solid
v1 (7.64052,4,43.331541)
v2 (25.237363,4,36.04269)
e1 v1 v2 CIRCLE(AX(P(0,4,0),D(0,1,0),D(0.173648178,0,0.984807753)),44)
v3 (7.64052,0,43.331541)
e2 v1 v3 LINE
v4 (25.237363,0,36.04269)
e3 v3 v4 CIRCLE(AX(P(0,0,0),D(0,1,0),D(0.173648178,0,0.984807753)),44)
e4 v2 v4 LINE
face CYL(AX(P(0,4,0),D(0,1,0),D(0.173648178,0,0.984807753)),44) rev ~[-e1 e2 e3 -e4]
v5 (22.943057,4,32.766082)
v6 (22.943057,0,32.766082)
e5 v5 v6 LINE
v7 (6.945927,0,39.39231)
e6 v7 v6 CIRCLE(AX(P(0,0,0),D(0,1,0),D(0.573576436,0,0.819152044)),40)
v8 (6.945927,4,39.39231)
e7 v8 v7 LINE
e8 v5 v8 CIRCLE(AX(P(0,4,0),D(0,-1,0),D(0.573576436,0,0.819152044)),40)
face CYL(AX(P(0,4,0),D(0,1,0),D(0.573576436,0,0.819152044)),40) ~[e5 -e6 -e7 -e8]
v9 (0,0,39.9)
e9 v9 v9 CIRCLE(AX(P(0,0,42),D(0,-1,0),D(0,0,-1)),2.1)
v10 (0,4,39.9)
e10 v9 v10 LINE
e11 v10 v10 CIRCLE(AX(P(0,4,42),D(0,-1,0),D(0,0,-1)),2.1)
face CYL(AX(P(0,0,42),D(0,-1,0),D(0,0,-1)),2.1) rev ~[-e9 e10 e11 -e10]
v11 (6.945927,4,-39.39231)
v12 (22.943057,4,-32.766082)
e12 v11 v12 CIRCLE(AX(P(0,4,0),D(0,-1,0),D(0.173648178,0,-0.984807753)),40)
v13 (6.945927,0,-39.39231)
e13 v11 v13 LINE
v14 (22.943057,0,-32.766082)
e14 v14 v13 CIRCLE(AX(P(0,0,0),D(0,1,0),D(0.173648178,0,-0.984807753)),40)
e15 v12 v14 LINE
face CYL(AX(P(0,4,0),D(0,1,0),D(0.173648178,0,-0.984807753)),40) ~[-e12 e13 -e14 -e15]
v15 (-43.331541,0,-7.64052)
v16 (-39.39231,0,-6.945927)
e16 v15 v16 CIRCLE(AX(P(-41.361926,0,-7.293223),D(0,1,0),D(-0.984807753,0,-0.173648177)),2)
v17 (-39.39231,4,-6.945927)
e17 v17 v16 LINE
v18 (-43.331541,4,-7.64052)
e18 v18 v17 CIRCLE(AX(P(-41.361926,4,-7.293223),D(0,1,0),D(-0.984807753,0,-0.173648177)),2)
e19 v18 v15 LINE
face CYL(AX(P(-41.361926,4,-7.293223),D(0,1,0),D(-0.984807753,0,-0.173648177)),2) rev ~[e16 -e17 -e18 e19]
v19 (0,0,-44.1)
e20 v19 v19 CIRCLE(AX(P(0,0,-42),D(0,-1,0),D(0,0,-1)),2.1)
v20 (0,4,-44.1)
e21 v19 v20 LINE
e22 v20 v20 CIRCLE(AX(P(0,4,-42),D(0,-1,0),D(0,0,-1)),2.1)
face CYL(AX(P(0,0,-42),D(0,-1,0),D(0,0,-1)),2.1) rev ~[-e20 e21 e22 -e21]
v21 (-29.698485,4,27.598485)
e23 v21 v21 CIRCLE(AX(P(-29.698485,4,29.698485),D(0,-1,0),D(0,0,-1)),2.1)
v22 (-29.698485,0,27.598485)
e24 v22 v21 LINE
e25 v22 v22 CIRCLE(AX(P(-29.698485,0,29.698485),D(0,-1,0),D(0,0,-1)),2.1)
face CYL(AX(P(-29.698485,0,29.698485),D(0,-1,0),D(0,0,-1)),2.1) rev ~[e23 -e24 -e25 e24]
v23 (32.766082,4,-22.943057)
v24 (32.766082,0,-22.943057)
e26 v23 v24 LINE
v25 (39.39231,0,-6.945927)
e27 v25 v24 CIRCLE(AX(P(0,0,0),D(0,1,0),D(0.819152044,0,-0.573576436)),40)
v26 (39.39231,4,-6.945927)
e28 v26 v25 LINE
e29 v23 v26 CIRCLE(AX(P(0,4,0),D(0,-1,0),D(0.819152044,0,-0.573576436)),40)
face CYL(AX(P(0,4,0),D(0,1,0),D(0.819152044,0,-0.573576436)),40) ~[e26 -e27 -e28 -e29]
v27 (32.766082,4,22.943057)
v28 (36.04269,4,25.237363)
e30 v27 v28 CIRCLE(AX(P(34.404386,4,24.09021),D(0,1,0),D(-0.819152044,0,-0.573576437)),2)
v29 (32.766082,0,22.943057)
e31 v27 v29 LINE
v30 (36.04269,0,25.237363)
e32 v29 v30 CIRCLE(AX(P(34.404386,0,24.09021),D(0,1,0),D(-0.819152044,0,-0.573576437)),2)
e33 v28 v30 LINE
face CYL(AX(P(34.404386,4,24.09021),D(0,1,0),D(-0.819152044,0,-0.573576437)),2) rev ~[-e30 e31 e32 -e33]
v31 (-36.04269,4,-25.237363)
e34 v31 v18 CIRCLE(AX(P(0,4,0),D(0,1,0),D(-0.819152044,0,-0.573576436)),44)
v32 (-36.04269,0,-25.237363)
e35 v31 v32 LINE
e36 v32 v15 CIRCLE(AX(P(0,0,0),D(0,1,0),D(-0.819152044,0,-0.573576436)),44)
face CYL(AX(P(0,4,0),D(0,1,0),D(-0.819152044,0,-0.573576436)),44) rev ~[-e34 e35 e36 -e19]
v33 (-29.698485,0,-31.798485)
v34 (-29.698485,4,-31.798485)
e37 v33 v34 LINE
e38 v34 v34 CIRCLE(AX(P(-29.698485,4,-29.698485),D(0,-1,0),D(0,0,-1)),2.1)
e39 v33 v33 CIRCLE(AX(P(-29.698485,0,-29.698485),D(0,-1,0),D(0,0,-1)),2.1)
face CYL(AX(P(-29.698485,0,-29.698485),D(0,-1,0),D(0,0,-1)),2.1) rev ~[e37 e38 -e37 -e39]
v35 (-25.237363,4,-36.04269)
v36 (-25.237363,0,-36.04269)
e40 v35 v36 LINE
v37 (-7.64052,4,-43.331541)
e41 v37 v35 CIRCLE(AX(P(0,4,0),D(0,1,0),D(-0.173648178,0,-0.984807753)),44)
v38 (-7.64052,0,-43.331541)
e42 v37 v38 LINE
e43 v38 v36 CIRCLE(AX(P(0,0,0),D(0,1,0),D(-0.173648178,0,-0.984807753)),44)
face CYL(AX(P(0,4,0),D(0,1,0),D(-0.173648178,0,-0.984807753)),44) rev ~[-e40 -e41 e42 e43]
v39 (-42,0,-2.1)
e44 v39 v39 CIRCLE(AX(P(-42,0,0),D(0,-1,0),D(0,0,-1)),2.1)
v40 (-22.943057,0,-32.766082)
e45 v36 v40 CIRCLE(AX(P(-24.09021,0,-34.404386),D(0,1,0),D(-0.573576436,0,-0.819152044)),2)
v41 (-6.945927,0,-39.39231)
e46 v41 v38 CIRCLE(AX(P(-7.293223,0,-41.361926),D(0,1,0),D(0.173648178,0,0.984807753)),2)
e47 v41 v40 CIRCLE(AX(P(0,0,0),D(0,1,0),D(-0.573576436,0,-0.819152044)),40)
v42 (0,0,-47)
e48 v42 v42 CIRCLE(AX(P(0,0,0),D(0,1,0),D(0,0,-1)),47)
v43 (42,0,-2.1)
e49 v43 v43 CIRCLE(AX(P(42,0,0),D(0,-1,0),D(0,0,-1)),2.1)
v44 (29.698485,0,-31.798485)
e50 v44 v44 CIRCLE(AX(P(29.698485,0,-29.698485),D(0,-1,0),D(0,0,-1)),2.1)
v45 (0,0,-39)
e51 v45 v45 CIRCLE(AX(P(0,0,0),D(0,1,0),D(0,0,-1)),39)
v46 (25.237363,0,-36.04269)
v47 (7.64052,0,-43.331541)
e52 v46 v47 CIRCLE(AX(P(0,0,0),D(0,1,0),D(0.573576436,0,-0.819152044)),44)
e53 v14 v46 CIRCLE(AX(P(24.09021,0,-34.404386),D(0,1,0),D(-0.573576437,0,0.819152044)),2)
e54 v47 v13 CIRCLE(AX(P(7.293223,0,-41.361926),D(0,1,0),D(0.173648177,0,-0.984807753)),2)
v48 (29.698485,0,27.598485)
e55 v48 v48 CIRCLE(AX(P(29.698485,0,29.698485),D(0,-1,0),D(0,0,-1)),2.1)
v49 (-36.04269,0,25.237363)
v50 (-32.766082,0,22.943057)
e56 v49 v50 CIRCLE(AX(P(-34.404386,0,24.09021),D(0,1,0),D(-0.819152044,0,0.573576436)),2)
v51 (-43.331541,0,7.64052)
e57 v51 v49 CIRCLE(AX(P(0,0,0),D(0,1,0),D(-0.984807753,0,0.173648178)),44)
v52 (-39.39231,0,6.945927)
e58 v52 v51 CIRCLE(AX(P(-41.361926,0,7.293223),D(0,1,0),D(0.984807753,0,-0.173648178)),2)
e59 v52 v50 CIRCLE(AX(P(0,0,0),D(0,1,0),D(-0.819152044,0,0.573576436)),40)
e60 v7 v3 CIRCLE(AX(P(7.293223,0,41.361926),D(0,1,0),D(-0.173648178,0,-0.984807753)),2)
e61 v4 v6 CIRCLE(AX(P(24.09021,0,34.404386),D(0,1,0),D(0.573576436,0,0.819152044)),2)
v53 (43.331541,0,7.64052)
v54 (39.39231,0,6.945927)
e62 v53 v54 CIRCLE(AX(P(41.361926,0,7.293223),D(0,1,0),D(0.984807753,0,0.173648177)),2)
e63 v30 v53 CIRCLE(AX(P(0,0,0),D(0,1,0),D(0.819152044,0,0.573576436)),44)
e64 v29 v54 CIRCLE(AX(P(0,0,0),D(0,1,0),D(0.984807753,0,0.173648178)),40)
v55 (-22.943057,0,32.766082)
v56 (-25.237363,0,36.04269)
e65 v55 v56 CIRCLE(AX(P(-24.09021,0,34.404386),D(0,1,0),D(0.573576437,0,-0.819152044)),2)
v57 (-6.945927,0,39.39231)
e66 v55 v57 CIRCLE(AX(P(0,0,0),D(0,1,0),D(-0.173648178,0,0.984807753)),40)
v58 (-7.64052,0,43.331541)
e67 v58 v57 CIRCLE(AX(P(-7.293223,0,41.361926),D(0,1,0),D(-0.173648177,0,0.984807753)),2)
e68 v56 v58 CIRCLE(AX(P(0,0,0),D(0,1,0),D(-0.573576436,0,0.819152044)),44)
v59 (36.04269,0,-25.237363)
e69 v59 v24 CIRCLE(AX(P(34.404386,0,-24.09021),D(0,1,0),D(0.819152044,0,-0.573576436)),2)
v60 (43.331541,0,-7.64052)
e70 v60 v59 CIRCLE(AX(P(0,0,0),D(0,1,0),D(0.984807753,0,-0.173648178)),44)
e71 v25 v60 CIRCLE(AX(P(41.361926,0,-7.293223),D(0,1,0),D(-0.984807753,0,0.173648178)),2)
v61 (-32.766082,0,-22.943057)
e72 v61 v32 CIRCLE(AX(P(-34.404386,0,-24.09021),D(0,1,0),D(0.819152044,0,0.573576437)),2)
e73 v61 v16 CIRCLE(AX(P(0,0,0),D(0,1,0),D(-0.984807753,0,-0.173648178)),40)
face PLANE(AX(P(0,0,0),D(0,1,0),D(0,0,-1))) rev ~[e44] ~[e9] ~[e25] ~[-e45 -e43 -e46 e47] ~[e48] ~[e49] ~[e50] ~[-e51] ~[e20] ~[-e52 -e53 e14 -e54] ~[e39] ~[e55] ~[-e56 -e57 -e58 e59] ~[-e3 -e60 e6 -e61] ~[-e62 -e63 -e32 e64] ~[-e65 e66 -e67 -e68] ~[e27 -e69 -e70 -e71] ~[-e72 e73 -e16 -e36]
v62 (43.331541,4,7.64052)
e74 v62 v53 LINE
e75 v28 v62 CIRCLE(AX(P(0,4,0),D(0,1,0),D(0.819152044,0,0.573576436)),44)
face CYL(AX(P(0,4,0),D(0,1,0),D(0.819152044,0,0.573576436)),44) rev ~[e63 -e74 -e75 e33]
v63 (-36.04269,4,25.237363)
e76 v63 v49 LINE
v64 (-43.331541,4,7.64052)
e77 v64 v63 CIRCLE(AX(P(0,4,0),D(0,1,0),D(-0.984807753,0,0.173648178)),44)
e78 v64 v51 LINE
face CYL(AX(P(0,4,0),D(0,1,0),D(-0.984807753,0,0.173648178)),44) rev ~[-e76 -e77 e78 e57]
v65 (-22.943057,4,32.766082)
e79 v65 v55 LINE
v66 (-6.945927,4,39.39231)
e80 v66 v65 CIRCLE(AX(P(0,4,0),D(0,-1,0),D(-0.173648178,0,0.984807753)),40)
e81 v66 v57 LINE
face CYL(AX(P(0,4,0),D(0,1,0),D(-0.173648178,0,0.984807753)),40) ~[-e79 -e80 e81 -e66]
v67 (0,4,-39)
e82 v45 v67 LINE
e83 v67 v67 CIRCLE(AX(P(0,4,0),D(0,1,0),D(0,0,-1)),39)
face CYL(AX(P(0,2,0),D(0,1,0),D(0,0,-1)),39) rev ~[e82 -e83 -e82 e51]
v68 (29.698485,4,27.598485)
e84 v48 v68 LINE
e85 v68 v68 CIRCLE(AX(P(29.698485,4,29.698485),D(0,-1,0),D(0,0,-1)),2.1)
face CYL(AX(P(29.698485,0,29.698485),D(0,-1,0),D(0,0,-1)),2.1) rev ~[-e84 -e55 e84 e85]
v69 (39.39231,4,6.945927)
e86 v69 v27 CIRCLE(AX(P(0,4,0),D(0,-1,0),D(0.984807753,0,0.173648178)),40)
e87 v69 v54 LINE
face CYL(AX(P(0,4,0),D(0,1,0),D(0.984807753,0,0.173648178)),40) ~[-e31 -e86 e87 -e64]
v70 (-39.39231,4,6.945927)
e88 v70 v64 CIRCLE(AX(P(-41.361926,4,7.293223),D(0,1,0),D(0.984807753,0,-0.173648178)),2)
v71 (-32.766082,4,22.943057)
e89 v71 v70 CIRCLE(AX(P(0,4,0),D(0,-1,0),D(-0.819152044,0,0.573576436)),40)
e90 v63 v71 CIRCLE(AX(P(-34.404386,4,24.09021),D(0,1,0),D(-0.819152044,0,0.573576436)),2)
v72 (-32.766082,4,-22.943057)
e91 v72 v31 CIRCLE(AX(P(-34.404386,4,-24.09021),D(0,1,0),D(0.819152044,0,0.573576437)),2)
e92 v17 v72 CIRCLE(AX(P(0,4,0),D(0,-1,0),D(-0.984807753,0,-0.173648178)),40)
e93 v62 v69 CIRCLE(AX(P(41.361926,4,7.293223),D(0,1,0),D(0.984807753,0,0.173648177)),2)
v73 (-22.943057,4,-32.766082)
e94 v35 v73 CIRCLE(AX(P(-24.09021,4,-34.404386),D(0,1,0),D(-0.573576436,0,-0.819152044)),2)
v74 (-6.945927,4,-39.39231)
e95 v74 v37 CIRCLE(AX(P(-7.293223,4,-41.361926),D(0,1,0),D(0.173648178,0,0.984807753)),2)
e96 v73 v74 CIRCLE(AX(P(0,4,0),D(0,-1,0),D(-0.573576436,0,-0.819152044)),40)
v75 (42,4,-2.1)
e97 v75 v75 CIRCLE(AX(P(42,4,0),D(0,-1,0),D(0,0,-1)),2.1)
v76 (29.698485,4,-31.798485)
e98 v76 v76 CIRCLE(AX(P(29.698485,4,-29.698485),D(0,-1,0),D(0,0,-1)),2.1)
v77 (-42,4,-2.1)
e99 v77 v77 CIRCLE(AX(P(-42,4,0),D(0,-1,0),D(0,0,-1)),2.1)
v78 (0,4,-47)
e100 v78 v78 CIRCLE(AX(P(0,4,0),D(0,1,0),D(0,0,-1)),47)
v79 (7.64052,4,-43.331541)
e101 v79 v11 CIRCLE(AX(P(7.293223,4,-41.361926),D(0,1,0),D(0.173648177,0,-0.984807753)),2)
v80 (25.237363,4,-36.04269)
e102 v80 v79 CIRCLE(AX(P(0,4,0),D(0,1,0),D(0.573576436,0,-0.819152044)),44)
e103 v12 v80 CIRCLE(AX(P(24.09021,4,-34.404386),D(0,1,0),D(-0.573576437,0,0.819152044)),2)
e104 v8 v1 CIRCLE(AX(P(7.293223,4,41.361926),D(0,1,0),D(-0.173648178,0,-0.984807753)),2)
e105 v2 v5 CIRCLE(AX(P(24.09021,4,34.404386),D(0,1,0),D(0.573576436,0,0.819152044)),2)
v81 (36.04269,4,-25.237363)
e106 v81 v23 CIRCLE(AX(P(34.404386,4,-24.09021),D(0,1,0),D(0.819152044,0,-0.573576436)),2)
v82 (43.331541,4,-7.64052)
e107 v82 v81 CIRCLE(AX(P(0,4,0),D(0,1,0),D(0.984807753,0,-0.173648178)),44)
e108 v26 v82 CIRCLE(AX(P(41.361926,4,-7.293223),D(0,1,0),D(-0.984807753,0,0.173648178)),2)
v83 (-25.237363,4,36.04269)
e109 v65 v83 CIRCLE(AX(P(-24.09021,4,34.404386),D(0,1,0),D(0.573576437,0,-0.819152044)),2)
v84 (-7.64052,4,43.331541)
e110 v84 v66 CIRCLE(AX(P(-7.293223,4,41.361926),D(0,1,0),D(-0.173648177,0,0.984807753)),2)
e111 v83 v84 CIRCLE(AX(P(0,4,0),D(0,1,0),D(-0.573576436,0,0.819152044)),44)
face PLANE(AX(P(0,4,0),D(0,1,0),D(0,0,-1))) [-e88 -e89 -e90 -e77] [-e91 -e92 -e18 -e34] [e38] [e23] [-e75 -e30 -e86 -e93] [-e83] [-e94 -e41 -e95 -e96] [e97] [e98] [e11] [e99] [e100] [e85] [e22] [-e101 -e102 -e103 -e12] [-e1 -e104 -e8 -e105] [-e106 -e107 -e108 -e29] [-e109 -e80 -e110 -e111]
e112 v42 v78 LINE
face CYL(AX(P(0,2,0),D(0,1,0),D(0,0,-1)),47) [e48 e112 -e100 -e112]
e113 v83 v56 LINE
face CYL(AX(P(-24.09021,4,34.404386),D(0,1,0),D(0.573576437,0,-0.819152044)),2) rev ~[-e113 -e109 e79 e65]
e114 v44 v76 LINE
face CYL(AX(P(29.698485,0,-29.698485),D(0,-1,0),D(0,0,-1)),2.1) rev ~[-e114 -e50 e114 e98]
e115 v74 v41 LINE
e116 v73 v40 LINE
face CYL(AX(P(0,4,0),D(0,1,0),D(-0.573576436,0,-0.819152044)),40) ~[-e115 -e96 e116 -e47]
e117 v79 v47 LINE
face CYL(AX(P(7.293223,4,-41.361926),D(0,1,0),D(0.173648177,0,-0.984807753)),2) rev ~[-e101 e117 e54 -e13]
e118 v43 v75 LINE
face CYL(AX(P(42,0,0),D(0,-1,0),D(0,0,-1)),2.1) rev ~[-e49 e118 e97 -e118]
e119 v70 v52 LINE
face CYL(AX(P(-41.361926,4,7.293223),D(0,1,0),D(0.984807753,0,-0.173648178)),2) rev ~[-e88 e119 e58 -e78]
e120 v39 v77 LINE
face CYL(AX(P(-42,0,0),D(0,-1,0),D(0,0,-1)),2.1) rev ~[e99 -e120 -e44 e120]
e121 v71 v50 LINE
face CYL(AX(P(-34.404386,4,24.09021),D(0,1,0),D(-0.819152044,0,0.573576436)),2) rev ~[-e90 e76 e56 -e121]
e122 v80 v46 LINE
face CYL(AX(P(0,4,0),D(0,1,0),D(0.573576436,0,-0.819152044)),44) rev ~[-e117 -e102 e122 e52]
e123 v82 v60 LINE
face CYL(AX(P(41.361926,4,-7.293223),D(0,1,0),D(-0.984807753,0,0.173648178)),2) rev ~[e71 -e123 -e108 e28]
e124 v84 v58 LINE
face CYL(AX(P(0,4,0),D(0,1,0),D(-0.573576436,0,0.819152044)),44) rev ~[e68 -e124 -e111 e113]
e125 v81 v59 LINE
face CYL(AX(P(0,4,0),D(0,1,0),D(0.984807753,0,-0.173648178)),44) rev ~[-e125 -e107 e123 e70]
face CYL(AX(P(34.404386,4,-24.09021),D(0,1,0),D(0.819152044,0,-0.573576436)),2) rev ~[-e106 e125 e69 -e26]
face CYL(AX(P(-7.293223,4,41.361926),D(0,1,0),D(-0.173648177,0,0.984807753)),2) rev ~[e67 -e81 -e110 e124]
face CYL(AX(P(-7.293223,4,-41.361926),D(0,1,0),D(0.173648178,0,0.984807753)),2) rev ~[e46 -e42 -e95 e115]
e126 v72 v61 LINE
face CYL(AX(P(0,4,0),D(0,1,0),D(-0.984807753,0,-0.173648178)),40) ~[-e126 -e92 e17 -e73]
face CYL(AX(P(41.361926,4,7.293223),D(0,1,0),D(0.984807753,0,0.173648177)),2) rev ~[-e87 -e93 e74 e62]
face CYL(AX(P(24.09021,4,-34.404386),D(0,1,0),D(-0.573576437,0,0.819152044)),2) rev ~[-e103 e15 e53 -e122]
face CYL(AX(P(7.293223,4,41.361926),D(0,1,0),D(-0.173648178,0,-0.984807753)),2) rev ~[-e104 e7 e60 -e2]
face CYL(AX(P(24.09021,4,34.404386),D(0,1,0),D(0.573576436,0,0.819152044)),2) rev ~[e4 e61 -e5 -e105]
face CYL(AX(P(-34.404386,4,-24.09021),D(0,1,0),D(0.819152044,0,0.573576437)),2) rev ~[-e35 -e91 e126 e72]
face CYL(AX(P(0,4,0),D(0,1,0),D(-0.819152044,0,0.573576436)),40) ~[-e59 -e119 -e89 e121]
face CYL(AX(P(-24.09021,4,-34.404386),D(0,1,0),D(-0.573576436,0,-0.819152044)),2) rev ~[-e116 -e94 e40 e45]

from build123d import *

# Parameters (mm, degrees)
SKETCH_1_W          = 8
SKETCH_1_H          = 4
SKETCH_2_R          = 2.1
CUT_EXTRUDE_1_DEPTH = 10
CUT_EXTRUDE_2_DEPTH = 67.588287258


with BuildPart() as part:
    # 草图1 → 旋转1 (revolve)
    with BuildSketch(Plane.XY, mode=Mode.PRIVATE) as revolve_1_sk:
        with Locations((-43, 2)):
            Rectangle(SKETCH_1_W, SKETCH_1_H)
    revolve(revolve_1_sk.sketch.rotate(Axis((0, 0, 0), (0, 1, 0)), 270), axis=Axis((0, 0, 0), (0, 1, 0)))

    # 草图2 → 切除-拉伸1 (cut)
    with BuildSketch(Plane.XZ):
        with Locations(Location((0, 42, 0), (0, 0, 270))):
            Circle(SKETCH_2_R)
        with Locations(Location((29.69848481, 29.69848481, 0), (0, 0, 270))):
            Circle(SKETCH_2_R)
        with Locations(Location((42, 0, 0), (0, 0, 270))):
            Circle(SKETCH_2_R)
        with Locations(Location((29.69848481, -29.69848481, 0), (0, 0, 270))):
            Circle(SKETCH_2_R)
        with Locations(Location((0, -42, 0), (0, 0, 270))):
            Circle(SKETCH_2_R)
        with Locations(Location((-29.69848481, -29.69848481, 0), (0, 0, 270))):
            Circle(SKETCH_2_R)
        with Locations(Location((-42, 0, 0), (0, 0, 270))):
            Circle(SKETCH_2_R)
        with Locations(Location((-29.69848481, 29.69848481, 0), (0, 0, 270))):
            Circle(SKETCH_2_R)
    extrude(amount=-CUT_EXTRUDE_1_DEPTH, mode=Mode.SUBTRACT)

    # 草图3 → 切除-拉伸2 (cut, through all)
    with BuildSketch(Plane(origin=(0, 4, 0), x_dir=(1, 0, 0), z_dir=(0, 1, 0))):
        with BuildLine():
            ThreePointArc((25.237363199, 36.042689949), (16.838071024, 40.65069943), (7.640519817, 43.331541133))
            ThreePointArc((7.640519817, 43.331541133), (5.323607956, 41.709221982), (6.945927107, 39.39231012))
            ThreePointArc((6.945927107, 39.39231012), (15.307337295, 36.9551813), (22.943057454, 32.766081772))
            ThreePointArc((22.943057454, 32.766081772), (25.728514415, 33.257232987), (25.237363199, 36.042689949))
        make_face()
        with BuildLine():
            ThreePointArc((43.331541133, 7.640519817), (40.65069943, 16.838071024), (36.042689949, 25.237363199))
            ThreePointArc((36.042689949, 25.237363199), (33.257232987, 25.728514415), (32.766081772, 22.943057454))
            ThreePointArc((32.766081772, 22.943057454), (36.9551813, 15.307337295), (39.39231012, 6.945927107))
            ThreePointArc((39.39231012, 6.945927107), (41.709221982, 5.323607956), (43.331541133, 7.640519817))
        make_face()
        with BuildLine():
            ThreePointArc((36.042689949, -25.237363199), (40.65069943, -16.838071024), (43.331541133, -7.640519817))
            ThreePointArc((43.331541133, -7.640519817), (41.709221982, -5.323607956), (39.39231012, -6.945927107))
            ThreePointArc((39.39231012, -6.945927107), (36.9551813, -15.307337295), (32.766081772, -22.943057454))
            ThreePointArc((32.766081772, -22.943057454), (33.257232987, -25.728514415), (36.042689949, -25.237363199))
        make_face()
        with BuildLine():
            ThreePointArc((7.640519817, -43.331541133), (16.838071024, -40.65069943), (25.237363199, -36.042689949))
            ThreePointArc((25.237363199, -36.042689949), (25.728514415, -33.257232987), (22.943057454, -32.766081772))
            ThreePointArc((22.943057454, -32.766081772), (15.307337295, -36.9551813), (6.945927107, -39.39231012))
            ThreePointArc((6.945927107, -39.39231012), (5.323607956, -41.709221982), (7.640519817, -43.331541133))
        make_face()
        with BuildLine():
            ThreePointArc((-25.237363199, -36.042689949), (-16.838071024, -40.65069943), (-7.640519817, -43.331541133))
            ThreePointArc((-7.640519817, -43.331541133), (-5.323607956, -41.709221982), (-6.945927107, -39.39231012))
            ThreePointArc((-6.945927107, -39.39231012), (-15.307337295, -36.9551813), (-22.943057454, -32.766081772))
            ThreePointArc((-22.943057454, -32.766081772), (-25.728514415, -33.257232987), (-25.237363199, -36.042689949))
        make_face()
        with BuildLine():
            ThreePointArc((-43.331541133, -7.640519817), (-40.65069943, -16.838071024), (-36.042689949, -25.237363199))
            ThreePointArc((-36.042689949, -25.237363199), (-33.257232987, -25.728514415), (-32.766081772, -22.943057454))
            ThreePointArc((-32.766081772, -22.943057454), (-36.9551813, -15.307337295), (-39.39231012, -6.945927107))
            ThreePointArc((-39.39231012, -6.945927107), (-41.709221982, -5.323607956), (-43.331541133, -7.640519817))
        make_face()
        with BuildLine():
            ThreePointArc((-36.042689949, 25.237363199), (-40.65069943, 16.838071024), (-43.331541133, 7.640519817))
            ThreePointArc((-43.331541133, 7.640519817), (-41.709221982, 5.323607956), (-39.39231012, 6.945927107))
            ThreePointArc((-39.39231012, 6.945927107), (-36.9551813, 15.307337295), (-32.766081772, 22.943057454))
            ThreePointArc((-32.766081772, 22.943057454), (-33.257232987, 25.728514415), (-36.042689949, 25.237363199))
        make_face()
        with BuildLine():
            ThreePointArc((-7.640519817, 43.331541133), (-16.838071024, 40.65069943), (-25.237363199, 36.042689949))
            ThreePointArc((-25.237363199, 36.042689949), (-25.728514415, 33.257232987), (-22.943057454, 32.766081772))
            ThreePointArc((-22.943057454, 32.766081772), (-15.307337295, 36.9551813), (-6.945927107, 39.39231012))
            ThreePointArc((-6.945927107, 39.39231012), (-5.323607956, 41.709221982), (-7.640519817, 43.331541133))
        make_face()
    extrude(amount=-CUT_EXTRUDE_2_DEPTH, mode=Mode.SUBTRACT)


solid = part.part
